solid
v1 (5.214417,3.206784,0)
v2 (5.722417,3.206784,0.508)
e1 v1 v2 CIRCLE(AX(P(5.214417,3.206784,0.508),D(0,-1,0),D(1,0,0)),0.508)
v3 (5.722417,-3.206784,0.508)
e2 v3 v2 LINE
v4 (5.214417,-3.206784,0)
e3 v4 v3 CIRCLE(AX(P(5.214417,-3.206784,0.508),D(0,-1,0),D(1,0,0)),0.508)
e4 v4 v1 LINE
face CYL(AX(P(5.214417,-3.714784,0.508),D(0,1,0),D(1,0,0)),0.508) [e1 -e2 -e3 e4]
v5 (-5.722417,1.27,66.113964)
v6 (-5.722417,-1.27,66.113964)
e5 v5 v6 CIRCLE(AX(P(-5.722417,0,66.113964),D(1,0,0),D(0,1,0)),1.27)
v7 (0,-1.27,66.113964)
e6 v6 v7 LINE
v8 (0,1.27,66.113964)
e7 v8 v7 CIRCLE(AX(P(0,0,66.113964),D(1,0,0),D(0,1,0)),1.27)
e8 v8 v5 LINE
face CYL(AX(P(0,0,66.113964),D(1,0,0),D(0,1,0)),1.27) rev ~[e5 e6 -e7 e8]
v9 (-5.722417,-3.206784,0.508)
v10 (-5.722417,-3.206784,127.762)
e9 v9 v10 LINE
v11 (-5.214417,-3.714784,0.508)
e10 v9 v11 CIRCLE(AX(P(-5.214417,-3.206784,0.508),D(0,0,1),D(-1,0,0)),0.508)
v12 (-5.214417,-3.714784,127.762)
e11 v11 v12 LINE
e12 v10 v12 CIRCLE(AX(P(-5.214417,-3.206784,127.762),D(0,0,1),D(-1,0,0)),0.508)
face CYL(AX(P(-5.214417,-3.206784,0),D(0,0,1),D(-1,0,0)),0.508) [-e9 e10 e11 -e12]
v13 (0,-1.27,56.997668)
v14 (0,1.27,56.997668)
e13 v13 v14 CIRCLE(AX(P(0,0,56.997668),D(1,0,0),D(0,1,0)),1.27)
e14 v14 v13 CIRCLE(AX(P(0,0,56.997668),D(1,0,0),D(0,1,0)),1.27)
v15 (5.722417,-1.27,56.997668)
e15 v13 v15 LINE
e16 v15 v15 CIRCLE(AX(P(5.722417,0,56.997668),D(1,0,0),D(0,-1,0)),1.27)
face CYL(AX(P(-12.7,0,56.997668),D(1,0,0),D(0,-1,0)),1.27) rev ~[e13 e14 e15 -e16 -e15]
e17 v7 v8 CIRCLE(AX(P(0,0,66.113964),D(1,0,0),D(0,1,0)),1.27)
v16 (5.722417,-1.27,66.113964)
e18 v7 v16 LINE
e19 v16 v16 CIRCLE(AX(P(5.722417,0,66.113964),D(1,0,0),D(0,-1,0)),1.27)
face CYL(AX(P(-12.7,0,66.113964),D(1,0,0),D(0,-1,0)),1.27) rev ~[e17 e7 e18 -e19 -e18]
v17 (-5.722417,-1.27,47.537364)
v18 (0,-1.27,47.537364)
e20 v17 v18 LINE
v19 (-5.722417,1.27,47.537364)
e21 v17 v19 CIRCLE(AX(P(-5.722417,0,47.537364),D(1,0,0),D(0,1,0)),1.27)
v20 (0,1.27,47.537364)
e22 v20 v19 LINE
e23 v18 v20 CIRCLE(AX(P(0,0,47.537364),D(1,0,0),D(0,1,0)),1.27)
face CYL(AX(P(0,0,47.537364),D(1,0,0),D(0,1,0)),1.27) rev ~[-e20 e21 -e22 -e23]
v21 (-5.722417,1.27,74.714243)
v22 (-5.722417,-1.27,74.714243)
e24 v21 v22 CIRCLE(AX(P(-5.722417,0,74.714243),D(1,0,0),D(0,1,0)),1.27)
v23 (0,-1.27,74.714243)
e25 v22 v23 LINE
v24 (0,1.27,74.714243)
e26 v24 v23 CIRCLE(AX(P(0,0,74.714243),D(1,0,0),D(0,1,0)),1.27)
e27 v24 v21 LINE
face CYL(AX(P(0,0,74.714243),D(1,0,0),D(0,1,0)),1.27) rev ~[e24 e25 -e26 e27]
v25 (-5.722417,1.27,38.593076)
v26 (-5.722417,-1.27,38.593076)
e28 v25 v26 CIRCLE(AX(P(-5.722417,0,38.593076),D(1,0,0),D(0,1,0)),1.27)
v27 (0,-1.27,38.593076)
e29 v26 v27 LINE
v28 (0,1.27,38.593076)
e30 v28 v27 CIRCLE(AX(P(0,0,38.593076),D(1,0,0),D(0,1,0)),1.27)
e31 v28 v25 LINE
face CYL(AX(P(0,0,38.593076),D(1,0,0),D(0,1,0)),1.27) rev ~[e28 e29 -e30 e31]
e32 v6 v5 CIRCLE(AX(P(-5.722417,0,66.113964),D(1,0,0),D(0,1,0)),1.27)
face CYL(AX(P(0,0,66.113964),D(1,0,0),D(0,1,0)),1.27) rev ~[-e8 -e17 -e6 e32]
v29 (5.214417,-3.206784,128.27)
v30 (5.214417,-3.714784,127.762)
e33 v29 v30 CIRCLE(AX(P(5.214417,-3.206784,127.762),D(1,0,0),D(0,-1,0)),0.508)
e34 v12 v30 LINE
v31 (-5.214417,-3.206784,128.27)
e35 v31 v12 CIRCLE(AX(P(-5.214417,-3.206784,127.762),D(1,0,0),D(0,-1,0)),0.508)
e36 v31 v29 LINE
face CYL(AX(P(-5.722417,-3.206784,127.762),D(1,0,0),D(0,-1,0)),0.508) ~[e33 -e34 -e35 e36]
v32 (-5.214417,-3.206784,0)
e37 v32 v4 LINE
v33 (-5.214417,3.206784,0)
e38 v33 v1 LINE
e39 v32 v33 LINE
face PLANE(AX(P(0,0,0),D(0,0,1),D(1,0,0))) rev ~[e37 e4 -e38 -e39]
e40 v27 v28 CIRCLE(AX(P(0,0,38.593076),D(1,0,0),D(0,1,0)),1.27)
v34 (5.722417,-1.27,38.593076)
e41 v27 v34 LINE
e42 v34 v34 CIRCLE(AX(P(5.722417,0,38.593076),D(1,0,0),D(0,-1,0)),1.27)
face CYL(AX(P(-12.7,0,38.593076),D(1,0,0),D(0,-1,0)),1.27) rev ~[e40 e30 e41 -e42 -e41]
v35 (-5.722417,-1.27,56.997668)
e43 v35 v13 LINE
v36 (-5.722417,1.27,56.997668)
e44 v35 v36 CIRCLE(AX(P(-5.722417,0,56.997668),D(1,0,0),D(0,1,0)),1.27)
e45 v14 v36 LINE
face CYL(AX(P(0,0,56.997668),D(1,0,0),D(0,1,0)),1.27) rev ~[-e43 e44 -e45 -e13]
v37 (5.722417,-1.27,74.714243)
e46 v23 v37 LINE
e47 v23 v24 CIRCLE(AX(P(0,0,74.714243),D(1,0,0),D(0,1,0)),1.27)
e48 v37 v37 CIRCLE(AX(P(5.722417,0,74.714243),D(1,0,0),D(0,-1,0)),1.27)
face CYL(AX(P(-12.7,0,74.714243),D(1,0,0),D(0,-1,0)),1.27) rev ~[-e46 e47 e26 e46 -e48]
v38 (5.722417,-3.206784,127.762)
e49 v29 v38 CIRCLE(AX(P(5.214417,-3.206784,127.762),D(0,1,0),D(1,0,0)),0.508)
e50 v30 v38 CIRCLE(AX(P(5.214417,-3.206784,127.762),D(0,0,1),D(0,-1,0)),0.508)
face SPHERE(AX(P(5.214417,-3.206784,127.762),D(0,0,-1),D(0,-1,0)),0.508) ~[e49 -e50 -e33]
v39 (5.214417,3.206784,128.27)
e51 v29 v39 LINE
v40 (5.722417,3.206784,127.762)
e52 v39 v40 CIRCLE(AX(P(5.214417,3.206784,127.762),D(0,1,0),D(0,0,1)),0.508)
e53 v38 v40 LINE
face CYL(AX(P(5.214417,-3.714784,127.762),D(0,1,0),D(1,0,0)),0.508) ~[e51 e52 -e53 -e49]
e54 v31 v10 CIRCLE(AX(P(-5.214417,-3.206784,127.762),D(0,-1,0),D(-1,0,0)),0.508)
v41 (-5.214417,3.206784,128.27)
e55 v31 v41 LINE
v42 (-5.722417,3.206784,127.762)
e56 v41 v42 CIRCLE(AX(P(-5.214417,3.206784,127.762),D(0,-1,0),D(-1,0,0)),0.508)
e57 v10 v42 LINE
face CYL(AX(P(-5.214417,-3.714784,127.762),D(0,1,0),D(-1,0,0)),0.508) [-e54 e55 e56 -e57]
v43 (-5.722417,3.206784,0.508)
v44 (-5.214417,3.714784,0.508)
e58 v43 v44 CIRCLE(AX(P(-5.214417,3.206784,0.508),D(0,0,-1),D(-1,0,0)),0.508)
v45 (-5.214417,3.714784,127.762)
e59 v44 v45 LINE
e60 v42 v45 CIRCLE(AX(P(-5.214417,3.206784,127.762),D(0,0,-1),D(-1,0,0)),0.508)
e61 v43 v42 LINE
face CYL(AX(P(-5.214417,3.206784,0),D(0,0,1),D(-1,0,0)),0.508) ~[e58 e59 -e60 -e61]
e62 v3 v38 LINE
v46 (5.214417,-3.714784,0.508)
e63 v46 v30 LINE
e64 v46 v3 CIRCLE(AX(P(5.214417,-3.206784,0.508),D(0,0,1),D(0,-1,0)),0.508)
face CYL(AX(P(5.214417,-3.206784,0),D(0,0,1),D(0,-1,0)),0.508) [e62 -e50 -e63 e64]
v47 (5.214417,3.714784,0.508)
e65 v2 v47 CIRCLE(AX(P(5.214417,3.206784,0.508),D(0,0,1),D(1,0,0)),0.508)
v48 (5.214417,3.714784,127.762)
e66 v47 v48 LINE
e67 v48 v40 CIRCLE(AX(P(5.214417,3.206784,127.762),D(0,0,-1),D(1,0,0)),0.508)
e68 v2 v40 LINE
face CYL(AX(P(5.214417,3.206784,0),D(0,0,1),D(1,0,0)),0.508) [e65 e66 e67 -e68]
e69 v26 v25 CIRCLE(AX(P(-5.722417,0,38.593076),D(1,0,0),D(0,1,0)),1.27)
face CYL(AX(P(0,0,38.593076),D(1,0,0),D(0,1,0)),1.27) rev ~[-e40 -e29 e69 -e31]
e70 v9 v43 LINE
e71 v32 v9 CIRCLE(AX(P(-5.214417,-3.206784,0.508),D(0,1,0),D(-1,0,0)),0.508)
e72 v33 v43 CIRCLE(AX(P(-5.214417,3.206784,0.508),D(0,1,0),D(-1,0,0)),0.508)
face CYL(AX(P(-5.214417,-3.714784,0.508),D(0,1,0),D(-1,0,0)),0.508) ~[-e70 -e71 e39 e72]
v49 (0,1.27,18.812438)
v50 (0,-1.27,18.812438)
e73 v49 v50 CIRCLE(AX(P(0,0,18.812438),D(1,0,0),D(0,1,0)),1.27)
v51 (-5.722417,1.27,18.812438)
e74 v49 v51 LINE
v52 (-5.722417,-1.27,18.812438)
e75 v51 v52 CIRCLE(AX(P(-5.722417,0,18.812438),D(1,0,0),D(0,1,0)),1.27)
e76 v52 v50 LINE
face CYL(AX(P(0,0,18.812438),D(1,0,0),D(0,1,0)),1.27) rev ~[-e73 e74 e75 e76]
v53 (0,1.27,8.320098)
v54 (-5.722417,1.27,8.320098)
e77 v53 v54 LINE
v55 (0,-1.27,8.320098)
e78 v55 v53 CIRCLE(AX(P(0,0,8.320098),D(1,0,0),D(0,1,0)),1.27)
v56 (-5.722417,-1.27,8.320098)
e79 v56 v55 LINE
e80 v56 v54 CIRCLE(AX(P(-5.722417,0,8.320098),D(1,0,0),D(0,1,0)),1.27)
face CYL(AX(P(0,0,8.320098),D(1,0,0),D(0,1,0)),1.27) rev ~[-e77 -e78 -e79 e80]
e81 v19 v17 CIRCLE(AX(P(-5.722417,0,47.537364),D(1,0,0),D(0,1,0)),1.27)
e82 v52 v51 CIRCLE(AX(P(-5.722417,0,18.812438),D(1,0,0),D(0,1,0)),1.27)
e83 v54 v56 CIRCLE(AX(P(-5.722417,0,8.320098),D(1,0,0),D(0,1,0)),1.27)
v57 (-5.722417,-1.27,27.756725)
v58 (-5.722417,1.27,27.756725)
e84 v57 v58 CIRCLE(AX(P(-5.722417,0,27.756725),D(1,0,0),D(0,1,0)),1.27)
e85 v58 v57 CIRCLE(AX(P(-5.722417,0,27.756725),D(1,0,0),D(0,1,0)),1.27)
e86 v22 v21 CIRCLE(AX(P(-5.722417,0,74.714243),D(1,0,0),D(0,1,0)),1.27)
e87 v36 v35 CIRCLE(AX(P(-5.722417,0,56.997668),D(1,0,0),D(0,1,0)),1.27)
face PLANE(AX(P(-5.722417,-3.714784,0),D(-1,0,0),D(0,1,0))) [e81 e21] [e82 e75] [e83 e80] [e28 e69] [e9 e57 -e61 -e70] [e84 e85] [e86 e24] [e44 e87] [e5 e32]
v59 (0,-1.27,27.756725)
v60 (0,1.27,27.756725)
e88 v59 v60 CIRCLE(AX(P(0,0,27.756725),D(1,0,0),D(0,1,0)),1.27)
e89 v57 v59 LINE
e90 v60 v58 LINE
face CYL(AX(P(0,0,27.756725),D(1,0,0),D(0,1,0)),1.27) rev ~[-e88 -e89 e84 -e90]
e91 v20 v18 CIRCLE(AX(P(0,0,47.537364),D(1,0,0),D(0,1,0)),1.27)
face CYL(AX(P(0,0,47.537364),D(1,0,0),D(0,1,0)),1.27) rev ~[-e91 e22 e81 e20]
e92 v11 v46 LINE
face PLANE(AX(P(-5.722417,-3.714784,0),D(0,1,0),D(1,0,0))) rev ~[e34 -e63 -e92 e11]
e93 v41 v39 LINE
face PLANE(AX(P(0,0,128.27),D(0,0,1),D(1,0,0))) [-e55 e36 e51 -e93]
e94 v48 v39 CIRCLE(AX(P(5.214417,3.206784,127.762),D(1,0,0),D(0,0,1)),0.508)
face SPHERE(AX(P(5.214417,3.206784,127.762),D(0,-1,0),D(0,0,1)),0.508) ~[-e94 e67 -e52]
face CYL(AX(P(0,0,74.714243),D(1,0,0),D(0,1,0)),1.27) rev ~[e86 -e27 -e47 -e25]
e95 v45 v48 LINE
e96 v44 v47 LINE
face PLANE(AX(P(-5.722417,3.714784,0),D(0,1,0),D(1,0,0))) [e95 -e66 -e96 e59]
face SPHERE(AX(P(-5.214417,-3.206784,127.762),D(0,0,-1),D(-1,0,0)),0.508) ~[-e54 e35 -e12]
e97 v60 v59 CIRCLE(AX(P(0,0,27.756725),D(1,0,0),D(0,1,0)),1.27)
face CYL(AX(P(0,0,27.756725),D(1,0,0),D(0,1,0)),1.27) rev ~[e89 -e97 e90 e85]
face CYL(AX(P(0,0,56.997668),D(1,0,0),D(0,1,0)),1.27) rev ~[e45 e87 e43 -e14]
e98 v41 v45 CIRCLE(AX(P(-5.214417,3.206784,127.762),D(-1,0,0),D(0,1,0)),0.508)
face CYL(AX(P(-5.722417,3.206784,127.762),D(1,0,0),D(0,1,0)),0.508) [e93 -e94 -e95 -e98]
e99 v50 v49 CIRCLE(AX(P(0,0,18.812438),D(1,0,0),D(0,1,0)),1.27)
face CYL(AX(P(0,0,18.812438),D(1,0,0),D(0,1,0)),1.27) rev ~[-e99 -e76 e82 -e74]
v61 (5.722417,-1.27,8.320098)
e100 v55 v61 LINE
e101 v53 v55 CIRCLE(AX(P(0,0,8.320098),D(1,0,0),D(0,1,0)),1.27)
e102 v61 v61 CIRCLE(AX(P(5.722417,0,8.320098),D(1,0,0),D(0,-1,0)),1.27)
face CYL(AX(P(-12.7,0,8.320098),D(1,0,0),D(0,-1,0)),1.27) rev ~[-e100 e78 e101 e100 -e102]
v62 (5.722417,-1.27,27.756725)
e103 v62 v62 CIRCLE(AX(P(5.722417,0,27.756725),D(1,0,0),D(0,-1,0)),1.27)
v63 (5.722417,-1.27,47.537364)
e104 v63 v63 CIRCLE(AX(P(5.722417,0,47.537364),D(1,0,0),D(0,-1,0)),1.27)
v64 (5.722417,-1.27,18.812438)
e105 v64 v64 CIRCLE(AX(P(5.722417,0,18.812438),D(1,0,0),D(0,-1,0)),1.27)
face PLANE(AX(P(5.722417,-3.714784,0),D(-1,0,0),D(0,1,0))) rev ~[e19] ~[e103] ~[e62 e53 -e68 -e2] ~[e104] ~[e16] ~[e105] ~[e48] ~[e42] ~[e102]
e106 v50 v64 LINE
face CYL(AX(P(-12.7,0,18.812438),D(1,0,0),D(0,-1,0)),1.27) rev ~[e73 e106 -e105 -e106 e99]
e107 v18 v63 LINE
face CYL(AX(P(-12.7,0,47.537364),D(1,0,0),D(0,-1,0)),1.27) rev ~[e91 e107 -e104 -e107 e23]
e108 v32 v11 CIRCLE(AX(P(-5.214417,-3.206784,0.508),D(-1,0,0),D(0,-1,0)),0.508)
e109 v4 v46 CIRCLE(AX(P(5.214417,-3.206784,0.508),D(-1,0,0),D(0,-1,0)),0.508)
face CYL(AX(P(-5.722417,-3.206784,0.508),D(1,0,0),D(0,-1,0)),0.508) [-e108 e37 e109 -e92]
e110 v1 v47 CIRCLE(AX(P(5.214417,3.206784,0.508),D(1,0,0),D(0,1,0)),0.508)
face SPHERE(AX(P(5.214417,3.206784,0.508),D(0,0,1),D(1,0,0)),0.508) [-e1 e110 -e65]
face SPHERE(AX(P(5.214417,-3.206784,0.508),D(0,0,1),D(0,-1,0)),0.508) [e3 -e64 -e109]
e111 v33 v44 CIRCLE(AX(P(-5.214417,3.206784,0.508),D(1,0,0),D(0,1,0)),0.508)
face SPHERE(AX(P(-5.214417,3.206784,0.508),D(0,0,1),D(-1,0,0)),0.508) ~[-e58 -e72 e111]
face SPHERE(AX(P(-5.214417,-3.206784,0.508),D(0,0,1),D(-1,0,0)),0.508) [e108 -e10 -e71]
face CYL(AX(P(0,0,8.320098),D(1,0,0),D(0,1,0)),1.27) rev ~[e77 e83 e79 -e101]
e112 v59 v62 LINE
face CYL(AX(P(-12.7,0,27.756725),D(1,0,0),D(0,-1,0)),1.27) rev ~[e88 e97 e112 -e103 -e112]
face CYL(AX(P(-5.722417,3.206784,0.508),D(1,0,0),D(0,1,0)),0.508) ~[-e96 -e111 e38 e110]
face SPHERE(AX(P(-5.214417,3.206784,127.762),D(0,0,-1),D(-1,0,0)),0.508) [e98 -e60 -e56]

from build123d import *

# Parameters (mm, degrees)
F0_W     = 11.4448349923
F0_H     = 7.429568097
F1_DEPTH = 128.27
F2_R     = 0.508
F4_D     = 2.54
F4_DEPTH = 12.7
F4_TIP   = 0.7630929862
F5_D     = 2.54
F5_DEPTH = 12.7
F5_TIP   = 0.7630929862


with BuildPart() as f1:
    # F0 (on Top) → F1 (new body)
    with BuildSketch(Plane.XY):
        Rectangle(F0_W, F0_H)
    extrude(amount=F1_DEPTH)

    # F2
    f2_edges = [f1.edges().sort_by_distance(p)[0] for p in [
        (-5.722417, 3.714784, 64.135),
        (-5.722417, -3.714784, 64.135),
        (-5.722417, 0, 0),
        (-5.722417, 0, 128.27),
        (5.722417, -3.714784, 64.135),
        (0, -3.714784, 0),
        (0, -3.714784, 128.27),
        (5.722417, 0, 128.27),
        (0, 3.714784, 128.27),
        (5.722417, 3.714784, 64.135),
        (5.722417, 0, 0),
        (0, 3.714784, 0),
    ]]
    fillet(f2_edges, radius=F2_R)

    # F4 (one way)
    with BuildSketch(Plane.YZ):
        with Locations((0, 74.714243412), (0, 66.1139637232), (0, 56.9976679981), (0, 47.5373640656), (0, 38.5930761695), (0, 27.7567245066), (0, 18.8124384731), (0, 8.3200978115)):
            Circle(F4_D / 2)
    extrude(amount=-F4_DEPTH, mode=Mode.SUBTRACT)
    with Locations(Plane.YZ):
        with Locations((0, 74.714243412), (0, 66.1139637232), (0, 56.9976679981), (0, 47.5373640656), (0, 38.5930761695), (0, 27.7567245066), (0, 18.8124384731), (0, 8.3200978115)):
            with Locations((0, 0, -(F4_DEPTH + F4_TIP / 2))):  # 118° drill point
                Cone(0, F4_D / 2, F4_TIP, mode=Mode.SUBTRACT)

    # F5
    with Locations(Plane(origin=(0, 0, 0), x_dir=(0, 1, 0), z_dir=(-1, 0, 0))):
        with Locations((0, -74.714243412), (0, -66.1139637232), (0, -56.9976679981), (0, -47.5373640656), (0, -38.5930761695), (0, -27.7567245066), (0, -18.8124384731), (0, -8.3200978115)):
            Hole(F5_D / 2, depth=F5_DEPTH)
            with Locations((0, 0, -(F5_DEPTH + F5_TIP / 2))):  # 118° drill point
                Cone(0, F5_D / 2, F5_TIP, mode=Mode.SUBTRACT)


solid = f1.part
